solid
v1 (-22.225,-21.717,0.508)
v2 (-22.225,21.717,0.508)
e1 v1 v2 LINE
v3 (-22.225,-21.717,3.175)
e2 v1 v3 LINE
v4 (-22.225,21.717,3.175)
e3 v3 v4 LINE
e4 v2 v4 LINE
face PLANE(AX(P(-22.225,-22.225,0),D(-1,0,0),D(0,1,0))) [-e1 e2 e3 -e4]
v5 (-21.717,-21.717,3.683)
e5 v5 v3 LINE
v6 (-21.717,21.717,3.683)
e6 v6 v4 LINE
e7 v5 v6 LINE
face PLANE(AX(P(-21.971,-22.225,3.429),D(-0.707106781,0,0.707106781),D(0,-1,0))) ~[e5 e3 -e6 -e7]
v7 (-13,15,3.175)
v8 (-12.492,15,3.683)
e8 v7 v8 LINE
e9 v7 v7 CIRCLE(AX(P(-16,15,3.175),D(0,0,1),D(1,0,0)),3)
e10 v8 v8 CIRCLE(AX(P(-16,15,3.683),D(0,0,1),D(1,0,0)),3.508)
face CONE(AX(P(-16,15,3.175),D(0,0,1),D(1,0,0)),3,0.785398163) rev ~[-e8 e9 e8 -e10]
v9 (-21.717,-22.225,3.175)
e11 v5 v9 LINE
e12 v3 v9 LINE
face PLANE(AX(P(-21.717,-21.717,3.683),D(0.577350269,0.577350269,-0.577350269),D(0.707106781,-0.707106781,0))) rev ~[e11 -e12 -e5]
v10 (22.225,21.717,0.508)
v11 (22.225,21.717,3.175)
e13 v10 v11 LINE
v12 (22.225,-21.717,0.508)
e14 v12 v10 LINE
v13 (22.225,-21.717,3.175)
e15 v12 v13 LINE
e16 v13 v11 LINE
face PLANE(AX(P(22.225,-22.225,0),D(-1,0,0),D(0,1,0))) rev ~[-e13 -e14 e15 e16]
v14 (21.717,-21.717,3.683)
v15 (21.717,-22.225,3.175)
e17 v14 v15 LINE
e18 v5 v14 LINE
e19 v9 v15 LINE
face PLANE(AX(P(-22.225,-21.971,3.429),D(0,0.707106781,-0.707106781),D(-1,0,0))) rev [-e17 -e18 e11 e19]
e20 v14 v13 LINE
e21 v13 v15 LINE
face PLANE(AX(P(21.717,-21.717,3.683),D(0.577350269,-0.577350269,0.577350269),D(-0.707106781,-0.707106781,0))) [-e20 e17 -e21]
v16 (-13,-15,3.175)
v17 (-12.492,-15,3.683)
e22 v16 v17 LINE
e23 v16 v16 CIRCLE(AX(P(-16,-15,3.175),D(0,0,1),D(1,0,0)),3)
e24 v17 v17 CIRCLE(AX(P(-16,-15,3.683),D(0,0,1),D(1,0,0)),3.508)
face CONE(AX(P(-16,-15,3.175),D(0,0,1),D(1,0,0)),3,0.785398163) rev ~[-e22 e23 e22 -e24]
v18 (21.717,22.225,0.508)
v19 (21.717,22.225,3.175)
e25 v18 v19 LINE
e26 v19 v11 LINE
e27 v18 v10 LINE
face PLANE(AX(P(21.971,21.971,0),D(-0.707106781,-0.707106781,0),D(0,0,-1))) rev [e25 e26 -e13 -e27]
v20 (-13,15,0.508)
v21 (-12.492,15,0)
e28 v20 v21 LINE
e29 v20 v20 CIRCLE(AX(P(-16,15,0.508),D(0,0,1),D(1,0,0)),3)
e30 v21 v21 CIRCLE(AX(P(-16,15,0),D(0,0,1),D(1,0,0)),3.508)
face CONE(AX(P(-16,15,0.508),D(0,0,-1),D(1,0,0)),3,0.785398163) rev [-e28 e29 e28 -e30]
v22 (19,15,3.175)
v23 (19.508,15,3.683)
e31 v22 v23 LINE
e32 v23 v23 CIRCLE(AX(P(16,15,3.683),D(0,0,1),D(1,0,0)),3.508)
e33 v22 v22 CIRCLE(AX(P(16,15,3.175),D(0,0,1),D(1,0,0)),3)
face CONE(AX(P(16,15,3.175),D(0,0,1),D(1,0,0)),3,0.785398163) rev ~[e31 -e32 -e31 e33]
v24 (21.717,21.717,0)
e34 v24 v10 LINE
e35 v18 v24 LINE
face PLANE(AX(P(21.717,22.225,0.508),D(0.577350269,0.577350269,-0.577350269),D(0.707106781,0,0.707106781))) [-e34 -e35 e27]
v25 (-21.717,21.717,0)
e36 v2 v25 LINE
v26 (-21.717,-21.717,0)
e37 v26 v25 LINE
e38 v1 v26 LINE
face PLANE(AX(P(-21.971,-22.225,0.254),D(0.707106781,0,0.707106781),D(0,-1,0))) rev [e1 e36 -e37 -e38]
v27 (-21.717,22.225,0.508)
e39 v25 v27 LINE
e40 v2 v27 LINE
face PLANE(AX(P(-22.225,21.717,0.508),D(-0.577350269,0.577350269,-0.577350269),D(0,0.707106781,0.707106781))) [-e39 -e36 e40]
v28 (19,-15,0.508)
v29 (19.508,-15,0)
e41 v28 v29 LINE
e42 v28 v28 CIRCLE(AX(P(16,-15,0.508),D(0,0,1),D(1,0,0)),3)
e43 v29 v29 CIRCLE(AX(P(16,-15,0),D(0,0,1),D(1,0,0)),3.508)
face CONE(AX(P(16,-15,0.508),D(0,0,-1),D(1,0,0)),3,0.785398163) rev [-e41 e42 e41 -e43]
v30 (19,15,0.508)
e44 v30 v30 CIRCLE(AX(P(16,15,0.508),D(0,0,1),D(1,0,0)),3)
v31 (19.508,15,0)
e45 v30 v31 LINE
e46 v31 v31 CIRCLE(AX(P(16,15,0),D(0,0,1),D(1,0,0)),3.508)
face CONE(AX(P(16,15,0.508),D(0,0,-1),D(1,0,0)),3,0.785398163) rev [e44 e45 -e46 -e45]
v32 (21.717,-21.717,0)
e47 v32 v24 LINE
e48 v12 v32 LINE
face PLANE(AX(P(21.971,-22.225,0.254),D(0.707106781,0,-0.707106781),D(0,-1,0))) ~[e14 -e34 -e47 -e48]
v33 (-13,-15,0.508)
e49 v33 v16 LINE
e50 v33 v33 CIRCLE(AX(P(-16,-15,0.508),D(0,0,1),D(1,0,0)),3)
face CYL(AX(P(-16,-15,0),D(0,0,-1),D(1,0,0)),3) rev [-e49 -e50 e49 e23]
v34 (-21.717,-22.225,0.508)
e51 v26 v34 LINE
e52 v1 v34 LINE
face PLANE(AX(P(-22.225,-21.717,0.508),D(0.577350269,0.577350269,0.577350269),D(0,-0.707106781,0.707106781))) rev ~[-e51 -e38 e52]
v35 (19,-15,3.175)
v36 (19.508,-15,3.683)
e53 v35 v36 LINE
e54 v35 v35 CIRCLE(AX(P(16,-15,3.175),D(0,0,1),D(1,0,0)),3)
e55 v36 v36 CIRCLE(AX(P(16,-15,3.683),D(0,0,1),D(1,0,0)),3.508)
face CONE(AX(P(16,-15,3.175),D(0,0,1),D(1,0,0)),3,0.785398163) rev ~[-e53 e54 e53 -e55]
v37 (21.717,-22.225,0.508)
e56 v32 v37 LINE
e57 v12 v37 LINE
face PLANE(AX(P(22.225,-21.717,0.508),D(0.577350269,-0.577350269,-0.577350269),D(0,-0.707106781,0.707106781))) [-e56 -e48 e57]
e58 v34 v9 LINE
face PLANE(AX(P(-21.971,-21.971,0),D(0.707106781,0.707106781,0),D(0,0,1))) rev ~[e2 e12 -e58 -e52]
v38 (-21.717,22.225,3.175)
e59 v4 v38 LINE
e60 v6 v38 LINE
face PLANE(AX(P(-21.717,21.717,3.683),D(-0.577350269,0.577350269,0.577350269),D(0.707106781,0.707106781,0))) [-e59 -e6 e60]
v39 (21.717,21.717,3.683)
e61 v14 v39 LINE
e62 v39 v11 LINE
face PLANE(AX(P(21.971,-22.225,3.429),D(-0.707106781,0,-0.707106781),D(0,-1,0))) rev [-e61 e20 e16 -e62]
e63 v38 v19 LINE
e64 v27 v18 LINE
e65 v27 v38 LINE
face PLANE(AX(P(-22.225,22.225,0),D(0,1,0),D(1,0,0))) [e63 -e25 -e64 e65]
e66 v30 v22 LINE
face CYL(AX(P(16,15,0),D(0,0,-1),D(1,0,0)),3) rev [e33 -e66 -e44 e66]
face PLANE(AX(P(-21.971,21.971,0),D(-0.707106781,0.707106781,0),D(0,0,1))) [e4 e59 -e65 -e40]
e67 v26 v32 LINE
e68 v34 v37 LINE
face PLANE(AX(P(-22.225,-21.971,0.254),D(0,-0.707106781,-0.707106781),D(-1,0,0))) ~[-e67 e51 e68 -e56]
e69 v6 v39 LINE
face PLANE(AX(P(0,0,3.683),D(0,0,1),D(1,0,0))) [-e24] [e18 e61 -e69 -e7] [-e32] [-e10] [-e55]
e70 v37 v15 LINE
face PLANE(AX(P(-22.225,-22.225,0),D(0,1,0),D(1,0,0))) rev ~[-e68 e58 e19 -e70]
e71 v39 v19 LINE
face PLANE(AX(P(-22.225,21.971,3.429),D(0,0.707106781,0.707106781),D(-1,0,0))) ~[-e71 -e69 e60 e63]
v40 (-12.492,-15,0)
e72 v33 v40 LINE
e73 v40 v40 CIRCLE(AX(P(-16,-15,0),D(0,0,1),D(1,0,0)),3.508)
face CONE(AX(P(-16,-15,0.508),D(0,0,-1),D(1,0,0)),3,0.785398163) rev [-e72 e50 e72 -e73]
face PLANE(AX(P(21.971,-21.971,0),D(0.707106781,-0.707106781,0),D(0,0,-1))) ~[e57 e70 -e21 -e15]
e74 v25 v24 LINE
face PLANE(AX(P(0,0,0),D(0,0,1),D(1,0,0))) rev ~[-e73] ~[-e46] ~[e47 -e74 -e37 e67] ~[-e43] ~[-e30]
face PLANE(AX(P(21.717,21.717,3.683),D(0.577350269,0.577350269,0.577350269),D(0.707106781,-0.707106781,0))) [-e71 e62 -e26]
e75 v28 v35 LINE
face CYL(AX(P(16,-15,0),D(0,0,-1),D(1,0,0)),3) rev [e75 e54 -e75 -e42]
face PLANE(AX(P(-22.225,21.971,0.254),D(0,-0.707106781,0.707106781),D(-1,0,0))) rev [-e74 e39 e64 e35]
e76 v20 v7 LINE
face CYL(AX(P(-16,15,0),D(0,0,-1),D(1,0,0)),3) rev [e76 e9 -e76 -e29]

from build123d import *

# Parameters (mm, degrees)
F0_W     = 44.45
F0_H     = 44.45
F0_R     = 3
F1_DEPTH = 3.683
F2_SIZE  = 0.508


with BuildPart() as f1:
    # F0 (on Top) → F1 (new body)
    with BuildSketch(Plane.XY):
        Rectangle(F0_W, F0_H)
        with Locations((-16, -15)):
            Circle(F0_R, mode=Mode.SUBTRACT)
        with Locations((16, -15)):
            Circle(F0_R, mode=Mode.SUBTRACT)
        with Locations((-16, 15)):
            Circle(F0_R, mode=Mode.SUBTRACT)
        with Locations((16, 15)):
            Circle(F0_R, mode=Mode.SUBTRACT)
    extrude(amount=F1_DEPTH)

    # F2
    f2_edges = [f1.edges().sort_by_distance(p)[0] for p in [
        (-19, 15, 3.683),
        (13, 15, 3.683),
        (-19, -15, 3.683),
        (19, -15, 1.8415),
        (13, -15, 0),
        (13, -15, 3.683),
        (-19, -15, 0),
        (13, 15, 0),
        (-19, 15, 0),
        (0, -22.225, 0),
        (22.225, 0, 0),
        (0, 22.225, 0),
        (-22.225, 0, 0),
        (-22.225, 22.225, 1.8415),
        (-22.225, -22.225, 1.8415),
        (-22.225, 0, 3.683),
        (22.225, 22.225, 1.8415),
        (0, 22.225, 3.683),
        (22.225, -22.225, 1.8415),
        (22.225, 0, 3.683),
        (0, -22.225, 3.683),
    ]]
    chamfer(f2_edges, length=F2_SIZE)


solid = f1.part
